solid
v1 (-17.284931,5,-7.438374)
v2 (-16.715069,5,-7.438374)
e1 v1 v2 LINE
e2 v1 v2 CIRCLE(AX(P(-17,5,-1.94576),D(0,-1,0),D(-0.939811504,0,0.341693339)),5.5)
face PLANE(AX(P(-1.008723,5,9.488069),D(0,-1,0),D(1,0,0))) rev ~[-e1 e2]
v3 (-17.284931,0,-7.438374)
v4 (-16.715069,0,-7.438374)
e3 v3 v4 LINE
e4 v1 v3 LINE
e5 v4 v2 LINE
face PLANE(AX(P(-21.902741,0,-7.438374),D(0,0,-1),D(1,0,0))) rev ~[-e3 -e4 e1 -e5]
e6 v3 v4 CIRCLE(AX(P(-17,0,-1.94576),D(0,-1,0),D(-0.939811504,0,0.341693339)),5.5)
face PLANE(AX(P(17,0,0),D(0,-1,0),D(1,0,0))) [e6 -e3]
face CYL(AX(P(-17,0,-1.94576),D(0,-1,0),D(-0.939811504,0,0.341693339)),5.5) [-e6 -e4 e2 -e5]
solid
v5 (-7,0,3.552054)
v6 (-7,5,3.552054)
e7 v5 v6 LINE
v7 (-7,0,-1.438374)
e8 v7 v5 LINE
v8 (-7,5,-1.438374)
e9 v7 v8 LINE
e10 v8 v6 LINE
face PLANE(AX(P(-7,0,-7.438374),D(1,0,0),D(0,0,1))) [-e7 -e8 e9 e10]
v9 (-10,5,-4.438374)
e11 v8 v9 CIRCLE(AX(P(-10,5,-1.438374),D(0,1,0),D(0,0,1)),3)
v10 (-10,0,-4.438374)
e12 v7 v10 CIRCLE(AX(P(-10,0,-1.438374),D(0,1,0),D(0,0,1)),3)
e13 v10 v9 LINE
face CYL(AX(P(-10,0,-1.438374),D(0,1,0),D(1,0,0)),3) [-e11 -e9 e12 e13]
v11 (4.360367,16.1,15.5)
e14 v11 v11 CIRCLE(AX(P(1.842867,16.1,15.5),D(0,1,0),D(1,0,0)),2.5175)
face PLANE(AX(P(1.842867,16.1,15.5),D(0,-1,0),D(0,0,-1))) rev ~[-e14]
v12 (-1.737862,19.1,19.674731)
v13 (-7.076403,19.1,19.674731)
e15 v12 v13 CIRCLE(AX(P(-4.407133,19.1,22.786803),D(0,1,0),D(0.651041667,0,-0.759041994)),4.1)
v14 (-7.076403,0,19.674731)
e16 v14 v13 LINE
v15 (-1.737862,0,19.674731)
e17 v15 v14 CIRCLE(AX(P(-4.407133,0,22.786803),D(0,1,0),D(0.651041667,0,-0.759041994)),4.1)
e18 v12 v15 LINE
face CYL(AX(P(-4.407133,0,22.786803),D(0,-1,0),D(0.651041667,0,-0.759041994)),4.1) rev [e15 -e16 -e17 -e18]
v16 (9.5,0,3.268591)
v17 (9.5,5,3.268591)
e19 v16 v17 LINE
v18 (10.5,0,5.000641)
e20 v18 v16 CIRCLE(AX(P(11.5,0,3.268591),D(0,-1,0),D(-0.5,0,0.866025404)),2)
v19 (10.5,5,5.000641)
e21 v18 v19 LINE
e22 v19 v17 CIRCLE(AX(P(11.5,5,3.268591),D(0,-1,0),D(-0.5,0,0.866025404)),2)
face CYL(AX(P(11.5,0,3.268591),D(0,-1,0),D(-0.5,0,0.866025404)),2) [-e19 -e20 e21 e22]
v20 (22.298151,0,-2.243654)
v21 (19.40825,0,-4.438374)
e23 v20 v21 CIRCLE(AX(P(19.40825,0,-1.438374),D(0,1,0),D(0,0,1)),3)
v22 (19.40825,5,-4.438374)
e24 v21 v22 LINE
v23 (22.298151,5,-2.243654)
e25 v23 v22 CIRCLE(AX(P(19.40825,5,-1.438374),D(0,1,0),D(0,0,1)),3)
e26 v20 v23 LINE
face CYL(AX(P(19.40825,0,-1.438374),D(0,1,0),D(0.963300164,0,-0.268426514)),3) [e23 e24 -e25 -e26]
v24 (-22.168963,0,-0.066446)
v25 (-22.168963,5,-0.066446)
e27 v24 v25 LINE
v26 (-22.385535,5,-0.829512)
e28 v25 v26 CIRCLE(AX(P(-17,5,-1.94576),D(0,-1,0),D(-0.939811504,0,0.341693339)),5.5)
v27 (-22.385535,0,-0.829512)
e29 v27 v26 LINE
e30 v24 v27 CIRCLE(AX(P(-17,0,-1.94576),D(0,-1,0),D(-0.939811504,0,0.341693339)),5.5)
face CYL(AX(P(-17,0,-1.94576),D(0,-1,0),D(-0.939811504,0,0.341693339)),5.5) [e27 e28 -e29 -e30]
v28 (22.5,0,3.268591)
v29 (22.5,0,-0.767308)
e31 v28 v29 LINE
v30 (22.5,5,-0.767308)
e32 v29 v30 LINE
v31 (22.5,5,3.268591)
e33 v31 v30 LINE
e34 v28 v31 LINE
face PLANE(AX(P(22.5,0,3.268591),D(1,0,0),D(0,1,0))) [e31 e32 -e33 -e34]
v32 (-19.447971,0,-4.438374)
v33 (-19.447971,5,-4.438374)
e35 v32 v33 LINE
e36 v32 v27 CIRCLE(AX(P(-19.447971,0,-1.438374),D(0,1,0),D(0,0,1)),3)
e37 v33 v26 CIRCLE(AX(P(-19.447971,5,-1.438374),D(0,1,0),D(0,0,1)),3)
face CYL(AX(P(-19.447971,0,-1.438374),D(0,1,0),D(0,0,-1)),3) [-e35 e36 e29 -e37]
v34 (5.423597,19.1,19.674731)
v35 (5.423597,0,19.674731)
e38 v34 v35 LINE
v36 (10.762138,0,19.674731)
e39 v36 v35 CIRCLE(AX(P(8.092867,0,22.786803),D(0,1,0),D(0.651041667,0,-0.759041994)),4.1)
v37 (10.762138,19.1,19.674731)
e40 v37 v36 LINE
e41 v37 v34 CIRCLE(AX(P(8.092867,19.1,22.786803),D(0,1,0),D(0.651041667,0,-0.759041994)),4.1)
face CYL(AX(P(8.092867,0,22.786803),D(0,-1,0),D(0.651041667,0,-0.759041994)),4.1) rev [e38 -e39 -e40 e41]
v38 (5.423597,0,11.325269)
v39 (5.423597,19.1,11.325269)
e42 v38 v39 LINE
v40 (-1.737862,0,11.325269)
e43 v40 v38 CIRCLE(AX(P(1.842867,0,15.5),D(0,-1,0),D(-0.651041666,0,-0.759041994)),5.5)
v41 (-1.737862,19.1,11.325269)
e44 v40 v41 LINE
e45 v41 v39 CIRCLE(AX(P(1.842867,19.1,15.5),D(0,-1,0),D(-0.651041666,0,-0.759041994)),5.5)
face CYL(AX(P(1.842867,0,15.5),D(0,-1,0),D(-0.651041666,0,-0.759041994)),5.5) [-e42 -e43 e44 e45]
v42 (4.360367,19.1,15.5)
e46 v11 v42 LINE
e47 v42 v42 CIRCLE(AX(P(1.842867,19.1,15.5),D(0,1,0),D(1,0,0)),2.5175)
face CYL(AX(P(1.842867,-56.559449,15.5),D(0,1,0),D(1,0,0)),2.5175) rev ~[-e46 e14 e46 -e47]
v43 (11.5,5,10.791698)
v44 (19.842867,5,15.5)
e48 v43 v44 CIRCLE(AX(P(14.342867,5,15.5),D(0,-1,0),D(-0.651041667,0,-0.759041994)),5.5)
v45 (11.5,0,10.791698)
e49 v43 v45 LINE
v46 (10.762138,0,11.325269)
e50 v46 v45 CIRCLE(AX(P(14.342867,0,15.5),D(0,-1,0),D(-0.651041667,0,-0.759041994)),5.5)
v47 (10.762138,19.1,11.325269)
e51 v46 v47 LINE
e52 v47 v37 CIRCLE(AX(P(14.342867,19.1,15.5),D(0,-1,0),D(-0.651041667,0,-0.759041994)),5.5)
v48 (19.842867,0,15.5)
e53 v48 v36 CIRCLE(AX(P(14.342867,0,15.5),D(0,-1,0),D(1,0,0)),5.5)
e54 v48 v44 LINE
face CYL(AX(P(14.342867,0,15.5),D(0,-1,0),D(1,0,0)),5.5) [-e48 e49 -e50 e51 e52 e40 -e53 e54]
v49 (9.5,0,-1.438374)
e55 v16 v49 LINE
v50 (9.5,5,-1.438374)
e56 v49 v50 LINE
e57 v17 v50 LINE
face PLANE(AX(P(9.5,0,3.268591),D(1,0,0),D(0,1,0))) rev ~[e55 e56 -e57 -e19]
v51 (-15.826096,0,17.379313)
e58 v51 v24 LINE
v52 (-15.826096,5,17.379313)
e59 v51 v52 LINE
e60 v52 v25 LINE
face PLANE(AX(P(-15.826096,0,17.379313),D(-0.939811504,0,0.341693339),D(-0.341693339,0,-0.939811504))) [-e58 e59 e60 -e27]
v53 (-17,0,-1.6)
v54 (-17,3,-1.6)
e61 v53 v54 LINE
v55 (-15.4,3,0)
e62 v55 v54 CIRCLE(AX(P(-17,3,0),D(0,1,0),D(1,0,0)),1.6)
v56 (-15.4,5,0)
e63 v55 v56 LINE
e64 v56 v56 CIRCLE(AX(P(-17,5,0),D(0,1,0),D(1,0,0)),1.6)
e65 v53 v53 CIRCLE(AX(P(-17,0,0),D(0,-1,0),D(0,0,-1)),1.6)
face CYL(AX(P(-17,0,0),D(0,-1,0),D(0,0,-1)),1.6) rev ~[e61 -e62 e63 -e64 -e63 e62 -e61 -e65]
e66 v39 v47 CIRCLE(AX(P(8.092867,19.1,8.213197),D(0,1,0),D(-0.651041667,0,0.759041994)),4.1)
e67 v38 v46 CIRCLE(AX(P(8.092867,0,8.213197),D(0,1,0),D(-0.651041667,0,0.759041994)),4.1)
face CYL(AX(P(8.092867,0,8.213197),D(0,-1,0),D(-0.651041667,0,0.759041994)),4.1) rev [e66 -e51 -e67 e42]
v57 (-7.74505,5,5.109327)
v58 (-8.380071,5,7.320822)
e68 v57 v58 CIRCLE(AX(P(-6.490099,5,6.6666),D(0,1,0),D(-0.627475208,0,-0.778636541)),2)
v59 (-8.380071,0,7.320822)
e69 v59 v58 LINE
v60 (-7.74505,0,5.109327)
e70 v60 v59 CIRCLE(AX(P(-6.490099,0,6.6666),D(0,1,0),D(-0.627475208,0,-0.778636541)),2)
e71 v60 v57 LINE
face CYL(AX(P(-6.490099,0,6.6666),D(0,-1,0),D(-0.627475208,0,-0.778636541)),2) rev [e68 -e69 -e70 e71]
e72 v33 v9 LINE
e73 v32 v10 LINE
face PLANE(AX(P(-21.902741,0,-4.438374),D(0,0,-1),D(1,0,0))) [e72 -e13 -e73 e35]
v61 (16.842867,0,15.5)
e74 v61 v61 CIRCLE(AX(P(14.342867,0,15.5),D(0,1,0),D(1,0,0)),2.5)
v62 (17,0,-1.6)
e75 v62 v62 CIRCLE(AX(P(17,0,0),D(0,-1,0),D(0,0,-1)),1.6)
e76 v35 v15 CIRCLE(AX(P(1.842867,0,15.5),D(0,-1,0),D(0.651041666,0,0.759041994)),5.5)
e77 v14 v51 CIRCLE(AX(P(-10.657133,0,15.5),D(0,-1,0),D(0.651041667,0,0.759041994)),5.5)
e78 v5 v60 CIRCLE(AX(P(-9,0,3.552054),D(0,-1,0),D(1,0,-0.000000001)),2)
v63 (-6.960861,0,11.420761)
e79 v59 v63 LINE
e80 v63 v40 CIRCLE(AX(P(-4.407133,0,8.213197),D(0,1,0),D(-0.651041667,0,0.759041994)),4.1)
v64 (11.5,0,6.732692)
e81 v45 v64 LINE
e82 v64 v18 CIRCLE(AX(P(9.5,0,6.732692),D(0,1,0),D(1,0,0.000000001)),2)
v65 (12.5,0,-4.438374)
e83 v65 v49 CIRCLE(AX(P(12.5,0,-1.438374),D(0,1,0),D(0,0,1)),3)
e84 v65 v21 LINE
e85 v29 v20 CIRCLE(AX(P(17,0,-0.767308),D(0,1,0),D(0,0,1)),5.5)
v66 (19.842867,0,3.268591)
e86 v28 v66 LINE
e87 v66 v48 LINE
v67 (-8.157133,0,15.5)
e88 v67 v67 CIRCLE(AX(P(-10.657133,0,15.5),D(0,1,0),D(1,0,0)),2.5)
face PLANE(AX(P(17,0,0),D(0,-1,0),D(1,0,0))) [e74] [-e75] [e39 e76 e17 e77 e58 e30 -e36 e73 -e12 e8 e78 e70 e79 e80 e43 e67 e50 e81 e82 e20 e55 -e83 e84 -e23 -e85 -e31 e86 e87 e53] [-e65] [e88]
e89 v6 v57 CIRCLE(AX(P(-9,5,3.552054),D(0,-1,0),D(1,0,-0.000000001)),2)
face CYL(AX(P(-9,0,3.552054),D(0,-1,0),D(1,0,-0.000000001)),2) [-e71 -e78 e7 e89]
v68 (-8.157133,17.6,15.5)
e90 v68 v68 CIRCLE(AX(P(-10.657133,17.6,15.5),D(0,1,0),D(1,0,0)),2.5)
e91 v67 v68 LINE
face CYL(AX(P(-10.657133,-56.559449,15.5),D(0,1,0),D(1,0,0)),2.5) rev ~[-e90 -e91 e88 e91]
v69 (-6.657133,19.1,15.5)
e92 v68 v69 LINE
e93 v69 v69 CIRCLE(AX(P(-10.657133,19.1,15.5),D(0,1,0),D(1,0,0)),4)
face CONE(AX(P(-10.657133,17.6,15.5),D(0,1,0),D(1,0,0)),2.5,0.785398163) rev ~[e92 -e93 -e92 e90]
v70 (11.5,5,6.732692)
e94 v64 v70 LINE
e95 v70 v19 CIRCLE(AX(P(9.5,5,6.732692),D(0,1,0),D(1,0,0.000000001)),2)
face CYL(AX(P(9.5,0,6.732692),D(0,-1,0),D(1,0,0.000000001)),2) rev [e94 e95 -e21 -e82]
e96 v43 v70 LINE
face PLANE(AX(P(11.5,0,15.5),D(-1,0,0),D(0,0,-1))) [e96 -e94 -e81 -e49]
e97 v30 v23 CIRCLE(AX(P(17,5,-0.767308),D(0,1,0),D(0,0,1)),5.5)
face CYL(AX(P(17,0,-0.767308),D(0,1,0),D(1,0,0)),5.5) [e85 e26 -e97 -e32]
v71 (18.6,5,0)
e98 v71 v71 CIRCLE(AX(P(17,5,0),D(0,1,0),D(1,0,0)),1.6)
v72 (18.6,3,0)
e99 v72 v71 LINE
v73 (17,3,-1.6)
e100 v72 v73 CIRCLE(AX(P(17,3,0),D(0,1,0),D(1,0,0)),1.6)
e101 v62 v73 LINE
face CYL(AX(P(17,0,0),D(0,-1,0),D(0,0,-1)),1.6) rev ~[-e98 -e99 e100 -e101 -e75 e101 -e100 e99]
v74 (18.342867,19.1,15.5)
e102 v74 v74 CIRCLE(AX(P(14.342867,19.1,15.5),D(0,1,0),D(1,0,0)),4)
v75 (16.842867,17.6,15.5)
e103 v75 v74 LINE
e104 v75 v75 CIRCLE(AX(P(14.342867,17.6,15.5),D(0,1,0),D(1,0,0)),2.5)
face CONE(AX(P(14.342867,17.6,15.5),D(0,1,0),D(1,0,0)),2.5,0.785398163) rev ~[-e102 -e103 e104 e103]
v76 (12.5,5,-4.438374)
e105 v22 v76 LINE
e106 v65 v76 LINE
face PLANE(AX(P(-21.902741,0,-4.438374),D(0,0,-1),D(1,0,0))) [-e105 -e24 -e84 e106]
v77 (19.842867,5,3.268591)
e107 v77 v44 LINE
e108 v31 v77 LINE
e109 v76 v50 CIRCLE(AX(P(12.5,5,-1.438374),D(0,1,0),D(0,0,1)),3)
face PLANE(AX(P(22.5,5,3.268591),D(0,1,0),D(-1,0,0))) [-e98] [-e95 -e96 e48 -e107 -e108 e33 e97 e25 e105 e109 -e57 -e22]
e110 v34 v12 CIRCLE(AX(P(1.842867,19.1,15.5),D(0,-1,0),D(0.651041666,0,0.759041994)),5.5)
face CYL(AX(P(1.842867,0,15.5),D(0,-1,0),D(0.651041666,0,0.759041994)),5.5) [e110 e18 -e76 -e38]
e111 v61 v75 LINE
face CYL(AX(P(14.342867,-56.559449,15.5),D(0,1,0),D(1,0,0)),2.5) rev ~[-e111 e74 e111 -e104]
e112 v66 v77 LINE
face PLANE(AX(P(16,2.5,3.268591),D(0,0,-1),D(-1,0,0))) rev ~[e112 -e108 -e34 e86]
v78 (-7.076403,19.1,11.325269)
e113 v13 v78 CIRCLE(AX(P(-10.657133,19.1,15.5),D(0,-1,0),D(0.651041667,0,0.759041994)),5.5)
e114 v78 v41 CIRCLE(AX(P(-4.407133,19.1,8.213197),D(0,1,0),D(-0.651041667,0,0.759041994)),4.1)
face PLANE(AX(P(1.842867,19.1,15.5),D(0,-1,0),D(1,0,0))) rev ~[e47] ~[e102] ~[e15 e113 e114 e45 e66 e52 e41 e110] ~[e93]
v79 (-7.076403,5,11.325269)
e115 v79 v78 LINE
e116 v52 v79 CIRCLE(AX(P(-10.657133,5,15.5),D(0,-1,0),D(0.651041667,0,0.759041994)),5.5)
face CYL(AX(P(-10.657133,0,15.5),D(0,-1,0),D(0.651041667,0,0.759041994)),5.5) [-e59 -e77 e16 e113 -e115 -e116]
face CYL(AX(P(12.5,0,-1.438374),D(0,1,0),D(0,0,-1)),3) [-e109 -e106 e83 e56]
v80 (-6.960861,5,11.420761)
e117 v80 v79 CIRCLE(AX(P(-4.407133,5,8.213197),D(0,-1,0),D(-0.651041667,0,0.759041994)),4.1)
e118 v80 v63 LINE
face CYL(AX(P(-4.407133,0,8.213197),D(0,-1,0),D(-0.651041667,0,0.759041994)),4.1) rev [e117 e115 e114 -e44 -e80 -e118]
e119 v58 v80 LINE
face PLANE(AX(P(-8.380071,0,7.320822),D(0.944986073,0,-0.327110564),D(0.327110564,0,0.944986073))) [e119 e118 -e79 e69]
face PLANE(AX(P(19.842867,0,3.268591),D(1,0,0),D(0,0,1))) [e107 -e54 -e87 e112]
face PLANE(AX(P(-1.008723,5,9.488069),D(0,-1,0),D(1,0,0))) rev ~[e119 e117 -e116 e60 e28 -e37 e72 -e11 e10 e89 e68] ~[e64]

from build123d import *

# Parameters (mm, degrees)
BOSS_EXTRUDE1_DEPTH                              = 5
BOSS_EXTRUDE2_START                              = -5
BOSS_EXTRUDE2_DEPTH                              = 19.1
SKETCH3_W                                        = 13
SKETCH3_H                                        = 5
BOSS_EXTRUDE3_DEPTH                              = 9.535898385
CBORE_FOR_M3_HEX_HEAD_MACHINE_SCREW1_D           = 3.2
CBORE_FOR_M3_HEX_HEAD_MACHINE_SCREW1_DEPTH       = 19.1
CBORE_FOR_M3_HEX_HEAD_MACHINE_SCREW1_CBORE_D     = 7
CBORE_FOR_M3_HEX_HEAD_MACHINE_SCREW1_CBORE_DEPTH = 3
HOLE1_D                                          = 5.035
F_5_0_5_DIAMETER_HOLE1_D                         = 5
CHAMFER1_SIZE                                    = 1.5
FILLET3_R                                        = 5.5
SKETCH14_R                                       = 3.5
SKETCH14_R_2                                     = 1.6
BOSS_EXTRUDE6_DEPTH                              = 3
BOSS_EXTRUDE7_START                              = -16.1
SKETCH16_R                                       = 2.5175
BOSS_EXTRUDE7_DEPTH                              = 16.1
SKETCH17_W                                       = 42.998259914
SKETCH17_H                                       = 3
CUT_EXTRUDE1_DEPTH                               = 37.22236878
FILLET4_R                                        = 3


with BuildPart() as part:
    # Sketch1 → Boss-Extrude1 (new body)
    with BuildSketch(Plane.XZ):
        with BuildLine():
            Line((9.5, 3.268590611), (19.842867471, 3.268590611))
            Line((19.842867471, 3.268590611), (19.842867471, 15.5))
            ThreePointArc((19.842867471, 15.5), (16.640256161, 20.497199737), (10.762138304, 19.674730966))
            ThreePointArc((10.762138304, 19.674730966), (8.092867471, 18.68680314), (5.423596638, 19.674730966))
            ThreePointArc((5.423596638, 19.674730966), (1.842867471, 21), (-1.737861696, 19.674730966))
            ThreePointArc((-1.737861696, 19.674730966), (-4.407132529, 18.68680314), (-7.076403362, 19.674730966))
            ThreePointArc((-7.076403362, 19.674730966), (-12.052789143, 20.81997581), (-15.826095799, 17.379313363))
            Line((-15.826095799, 17.379313363), (-22.16896327, -0.066446146))
            ThreePointArc((-22.16896327, -0.066446146), (-21.421512658, -5.216879473), (-16.715069448, -7.438374058))
            Line((-16.715069448, -7.438374058), (-7, -7.438374058))
            Line((-7, -7.438374058), (-7, 3.552054318))
            ThreePointArc((-7, 3.552054318), (-7.195851886, 4.415216866), (-7.745049583, 5.1093274))
            ThreePointArc((-7.745049583, 5.1093274), (-8.412418376, 6.114614198), (-8.380071313, 7.320821609))
            Line((-8.380071313, 7.320821609), (-5.548817255, 15.5))
            Line((-5.548817255, 15.5), (11.5, 15.5))
            Line((11.5, 15.5), (11.5, 6.732692226))
            ThreePointArc((11.5, 6.732692226), (11.232050808, 5.732692226), (10.5, 5.000641419))
            ThreePointArc((10.5, 5.000641419), (9.767949192, 4.268590611), (9.5, 3.268590611))
        make_face()
    extrude(amount=-BOSS_EXTRUDE1_DEPTH)

    # Sketch2 → Boss-Extrude2 (add)
    with BuildSketch(Plane(origin=(0, 5, 0), x_dir=(-1, 0, 0), z_dir=(0, 1, 0)).offset(BOSS_EXTRUDE2_START)):
        with BuildLine():
            ThreePointArc((7.076403362, 11.325269034), (4.407132529, 12.31319686), (1.737861696, 11.325269034))
            ThreePointArc((1.737861696, 11.325269034), (-1.842867471, 10), (-5.423596638, 11.325269034))
            ThreePointArc((-5.423596638, 11.325269034), (-8.092867471, 12.31319686), (-10.762138304, 11.325269034))
            ThreePointArc((-10.762138304, 11.325269034), (-19.842867471, 15.5), (-10.762138304, 19.674730966))
            ThreePointArc((-10.762138304, 19.674730966), (-8.092867471, 18.68680314), (-5.423596638, 19.674730966))
            ThreePointArc((-5.423596638, 19.674730966), (-1.842867471, 21), (1.737861696, 19.674730966))
            ThreePointArc((1.737861696, 19.674730966), (4.407132529, 18.68680314), (7.076403362, 19.674730966))
            ThreePointArc((7.076403362, 19.674730966), (16.157132529, 15.5), (7.076403362, 11.325269034))
        make_face()
    extrude(amount=BOSS_EXTRUDE2_DEPTH)

    # Sketch3 → Boss-Extrude3 (add)
    with BuildSketch(Plane(origin=(0, 0, 3.268590611), x_dir=(-1, 0, 0), z_dir=(0, 0, -1))):
        with Locations((-16, 2.5)):
            Rectangle(SKETCH3_W, SKETCH3_H)
    extrude(amount=BOSS_EXTRUDE3_DEPTH)

    # CBORE for M3 Hex Head Machine Screw1
    with Locations(Plane(origin=(0, 0, 0), x_dir=(-1, 0, 0), z_dir=(0, -1, 0))):
        with Locations((17, 0), (-17, 0)):
            CounterBoreHole(CBORE_FOR_M3_HEX_HEAD_MACHINE_SCREW1_D / 2, CBORE_FOR_M3_HEX_HEAD_MACHINE_SCREW1_CBORE_D / 2, CBORE_FOR_M3_HEX_HEAD_MACHINE_SCREW1_CBORE_DEPTH, depth=CBORE_FOR_M3_HEX_HEAD_MACHINE_SCREW1_DEPTH)

    # Hole1 (through all)
    with Locations(Plane(origin=(0, 0, 0), x_dir=(-1, 0, 0), z_dir=(0, -1, 0))):
        with Locations((-1.842867471, -15.5)):
            Hole(HOLE1_D / 2)

    # Ø5.0 (5) Diameter Hole1 (through all)
    with Locations(Plane(origin=(0, 0, 0), x_dir=(-1, 0, 0), z_dir=(0, -1, 0))):
        with Locations((10.657132529, -15.5), (-14.342867471, -15.5)):
            Hole(F_5_0_5_DIAMETER_HOLE1_D / 2)

    # Chamfer1
    chamfer1_edges = [part.edges().sort_by_distance(p)[0] for p in [
        (-13.157132529, 19.1, 15.5),
        (11.842867471, 19.1, 15.5),
    ]]
    chamfer(chamfer1_edges, length=CHAMFER1_SIZE)

    # Fillet3
    fillet3_edges = [part.edges().sort_by_distance(p)[0] for p in [
        (22.5, 2.5, -6.267307774),
    ]]
    fillet(fillet3_edges, radius=FILLET3_R)

    # Sketch14 → Boss-Extrude6 (add)
    # profile 1 of 2: a face of its own
    with BuildSketch(Plane.XZ):
        with Locations((17, 0)):
            Circle(SKETCH14_R)
        with Locations(Location((17, 0, 0), (0, 0, 270))):
            Circle(SKETCH14_R_2, mode=Mode.SUBTRACT)
    # profile 2 of 2: a face of its own
    with BuildSketch(Plane.XZ):
        with Locations((-17, 0)):
            Circle(SKETCH14_R)
        with Locations(Location((-17, 0, 0), (0, 0, 270))):
            Circle(SKETCH14_R_2, mode=Mode.SUBTRACT)
    extrude(amount=-BOSS_EXTRUDE6_DEPTH)

    # Sketch16 → Boss-Extrude7 (add)
    with BuildSketch(Plane.XZ.offset(BOSS_EXTRUDE7_START)):
        with Locations(Location((1.842867471, 15.5, 0), (0, 0, 270))):
            Circle(SKETCH16_R)
    extrude(amount=BOSS_EXTRUDE7_DEPTH)

    # Sketch17 → Cut-Extrude1 (cut, through all)
    with BuildSketch(Plane.XZ):
        with Locations((-0.40361139, -5.938374058)):
            Rectangle(SKETCH17_W, SKETCH17_H)
    extrude(amount=-CUT_EXTRUDE1_DEPTH, mode=Mode.SUBTRACT)


with BuildPart() as cut_extrude1_piece_1:
    # of the separate pieces the step leaves, piece 1, a body of its own (cut_extrude1_pieces)
    add(part.part.solids().sort_by_distance((22.5, 0, -0.767307774))[0])

    # Fillet4
    fillet4_edges = [cut_extrude1_piece_1.edges().sort_by_distance(p)[0] for p in [
        (-21.902741347, 2.5, -4.438374058),
        (9.5, 2.5, -4.438374058),
        (21.095518567, 2.5, -4.438374058),
        (-7, 2.5, -4.438374058),
    ]]
    fillet(fillet4_edges, radius=FILLET4_R)


with BuildPart() as cut_extrude1_piece_2:
    # of the separate pieces the step leaves, piece 2, a body of its own (cut_extrude1_pieces)
    add(part.part.solids().sort_by_distance((-17.284930552, 0, -7.438374058))[0])


solid = Compound([cut_extrude1_piece_1.part, cut_extrude1_piece_2.part])
